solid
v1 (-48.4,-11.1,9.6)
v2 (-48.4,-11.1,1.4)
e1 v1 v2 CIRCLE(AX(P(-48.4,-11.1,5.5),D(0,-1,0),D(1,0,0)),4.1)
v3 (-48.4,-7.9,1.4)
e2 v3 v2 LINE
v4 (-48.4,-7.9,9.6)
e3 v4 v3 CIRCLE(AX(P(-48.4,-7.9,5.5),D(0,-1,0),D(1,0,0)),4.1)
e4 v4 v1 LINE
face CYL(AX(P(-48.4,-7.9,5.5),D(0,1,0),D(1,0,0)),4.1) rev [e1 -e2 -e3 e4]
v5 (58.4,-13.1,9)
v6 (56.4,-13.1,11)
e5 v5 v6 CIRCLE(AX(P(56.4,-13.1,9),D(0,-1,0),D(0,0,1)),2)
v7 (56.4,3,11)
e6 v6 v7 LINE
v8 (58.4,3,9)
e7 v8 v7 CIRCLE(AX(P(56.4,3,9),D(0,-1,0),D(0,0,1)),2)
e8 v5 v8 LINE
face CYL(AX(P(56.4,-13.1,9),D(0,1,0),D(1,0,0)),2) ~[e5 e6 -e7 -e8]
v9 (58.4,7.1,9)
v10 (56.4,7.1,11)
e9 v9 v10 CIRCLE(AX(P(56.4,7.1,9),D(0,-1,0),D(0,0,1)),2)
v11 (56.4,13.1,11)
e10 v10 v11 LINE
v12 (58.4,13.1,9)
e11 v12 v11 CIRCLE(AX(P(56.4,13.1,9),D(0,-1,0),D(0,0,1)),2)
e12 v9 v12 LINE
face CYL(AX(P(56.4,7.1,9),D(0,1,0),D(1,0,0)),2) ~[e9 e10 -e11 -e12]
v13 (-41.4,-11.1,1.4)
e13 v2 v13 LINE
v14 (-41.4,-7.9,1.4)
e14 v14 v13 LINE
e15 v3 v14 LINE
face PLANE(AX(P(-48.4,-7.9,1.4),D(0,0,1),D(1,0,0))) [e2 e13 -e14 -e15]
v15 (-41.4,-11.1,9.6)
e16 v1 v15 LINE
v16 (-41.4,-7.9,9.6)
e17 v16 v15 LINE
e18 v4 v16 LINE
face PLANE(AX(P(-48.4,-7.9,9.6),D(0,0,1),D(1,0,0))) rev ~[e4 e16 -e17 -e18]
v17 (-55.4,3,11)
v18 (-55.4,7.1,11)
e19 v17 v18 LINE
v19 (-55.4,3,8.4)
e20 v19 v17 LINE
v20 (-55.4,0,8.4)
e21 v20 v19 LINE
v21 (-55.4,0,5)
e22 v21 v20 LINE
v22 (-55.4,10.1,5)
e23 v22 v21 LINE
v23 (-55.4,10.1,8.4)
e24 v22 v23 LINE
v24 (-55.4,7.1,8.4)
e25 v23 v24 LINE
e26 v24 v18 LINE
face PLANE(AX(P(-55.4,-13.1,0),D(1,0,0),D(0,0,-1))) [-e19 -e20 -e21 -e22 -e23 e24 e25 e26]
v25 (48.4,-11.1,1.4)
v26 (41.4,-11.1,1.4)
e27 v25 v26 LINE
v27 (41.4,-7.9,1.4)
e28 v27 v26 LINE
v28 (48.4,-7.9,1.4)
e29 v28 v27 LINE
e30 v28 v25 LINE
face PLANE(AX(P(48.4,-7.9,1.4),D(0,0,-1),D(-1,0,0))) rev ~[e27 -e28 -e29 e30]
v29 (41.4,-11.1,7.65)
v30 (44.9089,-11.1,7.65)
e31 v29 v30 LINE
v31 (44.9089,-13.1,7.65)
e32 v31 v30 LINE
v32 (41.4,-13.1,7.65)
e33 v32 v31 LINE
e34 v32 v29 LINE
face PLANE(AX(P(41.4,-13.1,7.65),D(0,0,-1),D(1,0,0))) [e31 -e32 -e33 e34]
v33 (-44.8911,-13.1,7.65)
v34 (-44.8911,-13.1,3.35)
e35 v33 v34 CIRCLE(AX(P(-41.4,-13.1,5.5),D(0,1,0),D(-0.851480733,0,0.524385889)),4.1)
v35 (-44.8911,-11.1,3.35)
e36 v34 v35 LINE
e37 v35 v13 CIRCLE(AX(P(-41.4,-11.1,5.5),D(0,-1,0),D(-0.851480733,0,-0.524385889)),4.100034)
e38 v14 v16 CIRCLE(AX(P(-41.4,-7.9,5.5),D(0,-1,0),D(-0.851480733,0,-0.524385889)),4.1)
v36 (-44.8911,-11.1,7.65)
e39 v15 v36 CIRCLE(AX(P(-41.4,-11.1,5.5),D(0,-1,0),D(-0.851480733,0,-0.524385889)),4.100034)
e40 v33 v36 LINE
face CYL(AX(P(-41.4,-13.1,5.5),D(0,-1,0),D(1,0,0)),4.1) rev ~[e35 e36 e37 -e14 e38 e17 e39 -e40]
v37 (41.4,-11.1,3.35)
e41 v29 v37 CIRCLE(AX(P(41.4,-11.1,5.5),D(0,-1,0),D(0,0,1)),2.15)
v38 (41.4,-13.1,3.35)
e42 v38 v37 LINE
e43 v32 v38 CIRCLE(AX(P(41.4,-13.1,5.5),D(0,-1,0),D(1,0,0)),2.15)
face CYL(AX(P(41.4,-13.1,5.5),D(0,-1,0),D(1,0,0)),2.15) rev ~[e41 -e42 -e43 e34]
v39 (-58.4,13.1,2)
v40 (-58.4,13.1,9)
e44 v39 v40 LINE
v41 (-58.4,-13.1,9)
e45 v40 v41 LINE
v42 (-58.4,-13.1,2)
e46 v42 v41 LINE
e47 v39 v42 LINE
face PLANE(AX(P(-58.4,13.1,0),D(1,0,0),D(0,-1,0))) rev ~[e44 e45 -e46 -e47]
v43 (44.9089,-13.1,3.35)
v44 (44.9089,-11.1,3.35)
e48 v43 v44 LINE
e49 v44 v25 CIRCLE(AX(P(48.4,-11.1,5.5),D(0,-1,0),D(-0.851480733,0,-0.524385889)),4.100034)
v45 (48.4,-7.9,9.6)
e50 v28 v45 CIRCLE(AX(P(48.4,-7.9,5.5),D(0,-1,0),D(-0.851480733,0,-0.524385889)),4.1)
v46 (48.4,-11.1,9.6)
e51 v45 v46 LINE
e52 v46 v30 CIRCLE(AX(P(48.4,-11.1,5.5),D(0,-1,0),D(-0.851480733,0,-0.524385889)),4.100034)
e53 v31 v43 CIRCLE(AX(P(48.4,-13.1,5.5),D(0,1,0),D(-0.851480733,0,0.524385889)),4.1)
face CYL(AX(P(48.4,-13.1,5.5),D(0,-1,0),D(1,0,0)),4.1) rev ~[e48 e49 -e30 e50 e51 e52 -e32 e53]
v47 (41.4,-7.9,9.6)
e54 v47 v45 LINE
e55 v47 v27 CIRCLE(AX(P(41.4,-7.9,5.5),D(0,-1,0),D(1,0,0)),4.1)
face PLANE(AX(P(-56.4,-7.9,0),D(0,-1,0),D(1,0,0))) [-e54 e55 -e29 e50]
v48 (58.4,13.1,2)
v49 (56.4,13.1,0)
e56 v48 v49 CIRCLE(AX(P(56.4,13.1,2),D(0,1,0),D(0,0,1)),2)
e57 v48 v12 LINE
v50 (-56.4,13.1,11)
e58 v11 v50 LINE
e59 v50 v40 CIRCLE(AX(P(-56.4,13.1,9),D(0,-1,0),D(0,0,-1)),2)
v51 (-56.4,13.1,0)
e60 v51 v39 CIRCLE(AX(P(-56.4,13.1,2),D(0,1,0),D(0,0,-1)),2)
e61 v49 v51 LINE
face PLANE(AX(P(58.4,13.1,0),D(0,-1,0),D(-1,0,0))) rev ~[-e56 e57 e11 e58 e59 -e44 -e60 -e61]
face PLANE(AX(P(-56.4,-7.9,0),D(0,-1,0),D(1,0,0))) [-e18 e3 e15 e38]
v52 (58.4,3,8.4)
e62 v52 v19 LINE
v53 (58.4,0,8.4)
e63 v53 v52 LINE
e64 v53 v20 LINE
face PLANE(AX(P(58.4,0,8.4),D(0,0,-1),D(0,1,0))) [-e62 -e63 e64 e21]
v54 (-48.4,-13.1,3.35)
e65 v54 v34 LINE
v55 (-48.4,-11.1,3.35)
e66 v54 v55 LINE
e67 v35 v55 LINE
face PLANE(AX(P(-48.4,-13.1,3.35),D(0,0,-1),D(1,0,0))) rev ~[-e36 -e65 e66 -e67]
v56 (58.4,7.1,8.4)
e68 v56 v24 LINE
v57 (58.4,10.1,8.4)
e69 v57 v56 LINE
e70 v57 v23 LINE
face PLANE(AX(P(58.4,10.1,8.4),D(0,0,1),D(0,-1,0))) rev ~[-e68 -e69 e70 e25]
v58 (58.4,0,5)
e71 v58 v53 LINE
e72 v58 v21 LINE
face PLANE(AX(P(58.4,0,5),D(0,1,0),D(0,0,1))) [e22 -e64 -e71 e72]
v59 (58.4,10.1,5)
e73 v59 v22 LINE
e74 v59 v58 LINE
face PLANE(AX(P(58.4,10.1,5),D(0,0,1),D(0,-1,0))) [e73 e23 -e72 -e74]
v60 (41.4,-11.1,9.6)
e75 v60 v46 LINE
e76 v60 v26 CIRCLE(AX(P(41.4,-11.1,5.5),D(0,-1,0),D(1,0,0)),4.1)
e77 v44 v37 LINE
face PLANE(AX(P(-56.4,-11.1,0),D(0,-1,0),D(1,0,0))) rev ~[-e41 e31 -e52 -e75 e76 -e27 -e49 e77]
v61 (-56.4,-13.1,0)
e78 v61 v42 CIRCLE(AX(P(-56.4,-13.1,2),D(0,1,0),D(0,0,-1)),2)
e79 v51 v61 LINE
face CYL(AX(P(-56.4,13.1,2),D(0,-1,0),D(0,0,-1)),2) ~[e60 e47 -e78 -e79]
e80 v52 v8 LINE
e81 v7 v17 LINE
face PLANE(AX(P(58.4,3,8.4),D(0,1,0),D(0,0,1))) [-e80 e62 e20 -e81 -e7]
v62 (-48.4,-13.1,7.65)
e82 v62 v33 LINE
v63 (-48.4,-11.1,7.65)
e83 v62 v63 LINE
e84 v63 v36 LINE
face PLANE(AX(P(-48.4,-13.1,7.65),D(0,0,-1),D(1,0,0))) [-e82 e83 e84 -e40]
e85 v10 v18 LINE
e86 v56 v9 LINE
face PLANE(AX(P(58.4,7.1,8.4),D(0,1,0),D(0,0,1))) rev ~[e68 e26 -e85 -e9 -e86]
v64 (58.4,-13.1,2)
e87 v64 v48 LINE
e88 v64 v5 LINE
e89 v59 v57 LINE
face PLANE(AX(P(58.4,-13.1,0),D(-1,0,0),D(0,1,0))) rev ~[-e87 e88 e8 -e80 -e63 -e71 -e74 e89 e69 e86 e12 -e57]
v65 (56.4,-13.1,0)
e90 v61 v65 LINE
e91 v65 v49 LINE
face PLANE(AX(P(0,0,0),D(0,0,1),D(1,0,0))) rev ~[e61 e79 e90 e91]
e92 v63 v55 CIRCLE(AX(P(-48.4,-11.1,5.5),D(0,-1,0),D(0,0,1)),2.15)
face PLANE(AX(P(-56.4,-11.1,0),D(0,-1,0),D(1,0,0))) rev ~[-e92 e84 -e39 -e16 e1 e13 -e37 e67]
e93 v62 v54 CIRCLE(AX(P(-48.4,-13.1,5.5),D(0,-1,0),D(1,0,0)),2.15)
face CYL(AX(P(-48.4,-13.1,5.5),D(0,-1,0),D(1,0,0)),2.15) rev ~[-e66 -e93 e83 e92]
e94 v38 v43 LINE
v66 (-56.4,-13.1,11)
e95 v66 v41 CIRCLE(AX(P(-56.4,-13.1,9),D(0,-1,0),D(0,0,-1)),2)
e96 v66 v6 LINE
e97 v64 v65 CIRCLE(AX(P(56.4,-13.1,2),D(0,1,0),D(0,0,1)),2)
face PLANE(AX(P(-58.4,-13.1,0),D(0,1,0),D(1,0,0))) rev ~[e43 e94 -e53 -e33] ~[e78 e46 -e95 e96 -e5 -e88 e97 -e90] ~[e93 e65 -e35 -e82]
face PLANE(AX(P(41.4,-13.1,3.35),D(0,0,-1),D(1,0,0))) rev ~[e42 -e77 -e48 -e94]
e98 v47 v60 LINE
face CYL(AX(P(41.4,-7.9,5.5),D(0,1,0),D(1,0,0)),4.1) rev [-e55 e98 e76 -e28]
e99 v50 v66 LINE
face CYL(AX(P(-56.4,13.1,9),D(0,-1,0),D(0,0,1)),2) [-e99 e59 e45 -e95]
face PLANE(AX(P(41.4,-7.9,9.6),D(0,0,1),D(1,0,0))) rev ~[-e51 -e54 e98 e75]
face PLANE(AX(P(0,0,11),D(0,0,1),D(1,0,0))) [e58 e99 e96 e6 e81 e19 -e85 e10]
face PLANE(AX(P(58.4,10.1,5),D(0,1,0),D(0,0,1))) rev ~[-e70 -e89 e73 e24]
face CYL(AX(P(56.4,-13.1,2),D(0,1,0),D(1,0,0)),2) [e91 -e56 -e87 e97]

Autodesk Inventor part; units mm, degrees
ref_plane "YZ Plane" through (0, 0, 0) normal (1, 0, 0) x (0, 1, 0)
ref_plane "XZ Plane" through (0, 0, 0) normal (0, 1, 0) x (-1, 0, 0)
ref_plane "XY Plane" through (0, 0, 0) normal (0, 0, 1) x (1, 0, 0)
sketch "Sketch1" plane through (0, 0, 0) normal (0, 0, 1) x (1, 0, 0)
  line L0 (58.4, 13.1) -> (-58.4, 13.1)
  line L1 (-58.4, 13.1) -> (-58.4, -13.1)
  line L2 (-58.4, -13.1) -> (58.4, -13.1)
  line L3 (58.4, -13.1) -> (58.4, 13.1)
  line L4 (58.4, 13.1) -> (-58.4, -13.1) construction
  line L5 (-58.4, 13.1) -> (58.4, -13.1) construction
  point P0 (0, 0)
  dimension "d0" = 116.8
  dimension "d1" = 26.2
extrude "Extrusion1" add sketch "Sketch1" along normal blind 11
sketch "Sketch2" plane through (58.4, -13.1, 0) normal (1, 0, 0) x (0, 0, -1)
  line L0 (0, 0) -> (0, 26.2) projected
  line L1 (0, 26.2) -> (-11, 26.2) projected
  line L2 (-11, 0) -> (-11, 26.2) projected
  line L3 (0, 0) -> (-11, 0) projected
  line L4 (-11, 26.2) -> (-11, 0) projected
  line L5 (-11, 26.2) -> (-5, 26.2)
  line L6 (-5, 26.2) -> (-5, 23.2)
  line L7 (-5, 23.2) -> (-11, 23.2)
  line L8 (-11, 23.2) -> (-11, 26.2)
  line L9 (-11, 23.2) -> (-8.4, 23.2)
  line L10 (-8.4, 23.2) -> (-8.4, 20.2)
  line L11 (-8.4, 20.2) -> (-11, 20.2)
  line L12 (-11, 20.2) -> (-11, 23.2)
  line L13 (-11, 26.2) -> (-5, 26.2)
  line L14 (-5, 26.2) -> (-5, 10.1)
  line L15 (-5, 10.1) -> (-11, 10.1)
  line L16 (-11, 10.1) -> (-11, 26.2)
  line L17 (-11, 10.1) -> (-5, 10.1)
  line L18 (-5, 10.1) -> (-5, 13.1)
  line L19 (-5, 13.1) -> (-11, 13.1)
  line L20 (-11, 13.1) -> (-11, 10.1)
  line L21 (-11, 13.1) -> (-8.4, 13.1)
  line L22 (-8.4, 13.1) -> (-8.4, 16.1)
  line L23 (-8.4, 16.1) -> (-11, 16.1)
  line L24 (-11, 16.1) -> (-11, 13.1)
  point P0 (0, 13.1)
  point P1 (-11, 16.1)
  point P2 (-11, 20.2)
  dimension "d4" = 6
  dimension "d5" = 3
  dimension "d6" = 2.6
  dimension "d7" = 3
  dimension "d8" = 16.1
  dimension "d9" = 3
  dimension "d10" = 2.6
  dimension "d11" = 3
extrude "Extrusion2" cut sketch "Sketch2" against normal blind 113.8 contours L14 L19 L22 L23 L2 L11 L10 L7
fillet "Fillet1" radius 2 5 edges at (58.4, 10.1, 11) (58.4, -5.05, 11) (-58.4, 0, 11) (58.4, 0, 0) (-58.4, 0, 0)
sketch "Sketch4" plane through (-56.4, -13.1, 0) normal (0, -1, 0) x (1, 0, 0)
  arc A0 (-2, 2) -> (0, 0) centre (0, 2) ccw projected
  line L0 (0, 0) -> (112.8, 0) projected
  arc A1 (112.8, 0) -> (114.8, 2) centre (112.8, 2) ccw projected
  line L1 (114.8, 2) -> (114.8, 9) projected
  arc A2 (114.8, 9) -> (112.8, 11) centre (112.8, 9) ccw projected
  line L2 (0, 11) -> (112.8, 11) projected
  arc A3 (0, 11) -> (-2, 9) centre (0, 9) ccw projected
  line L3 (-2, 2) -> (-2, 9) projected
  circle A4 centre (104.8, 5.5) radius 4.1
  circle A5 centre (97.8, 5.5) radius 2.15
  line L4 (97.8, 7.65) -> (101.3089, 7.65)
  line L5 (97.8, 3.35) -> (101.3089, 3.35)
  circle A6 centre (15, 5.5) radius 4.1
  circle A7 centre (8, 5.5) radius 2.15
  line L6 (8, 3.35) -> (11.5089, 3.35)
  line L7 (8, 7.65) -> (11.5089, 7.65)
  point P0 (56.4, 0)
  point P1 (114.8, 5.5)
  point P2 (12.2407, 8.5325)
  point P3 (8.4381, 3.3951)
  point P4 (11.1965, 3.9692)
  point P5 (-2, 5.5)
  dimension "d19" = 8.2
  dimension "d20" = 4.3
  dimension "d21" = 7
  dimension "d22" = 0
  dimension "d23" = 10
  dimension "d24" = 8.2
  dimension "d25" = 4.3
  dimension "d26" = 7
  dimension "d27" = 10
  dimension "d28" = 0
  dimension "d40" = 0
extrude "Extrusion4" cut sketch "Sketch4" against normal blind 5.2 contours A4 | A4 L5 A5 L4 | A5 | A6 | A6 L6 A7 L7 | A7
sketch "Sketch5" plane through (-56.4, -13.1, 0) normal (0, -1, 0) x (1, 0, 0)
  arc A0 (8, 7.65) -> (8, 3.35) centre (8, 5.5) ccw projected
  arc A1 (11.5089, 3.35) -> (11.5089, 7.65) centre (15, 5.5) ccw projected
  arc A2 (97.8, 7.65) -> (97.8, 3.35) centre (97.8, 5.5) ccw projected
  line L0 (97.8, 7.65) -> (101.3089, 7.65) projected
  arc A3 (101.3089, 3.35) -> (101.3089, 7.65) centre (104.8, 5.5) ccw projected
  line L1 (101.3089, 3.35) -> (97.8, 3.35) projected
  arc A4 (-2, 2) -> (0, 0) centre (0, 2) ccw projected
  line L2 (0, 0) -> (112.8, 0) projected
  arc A5 (112.8, 0) -> (114.8, 2) centre (112.8, 2) ccw projected
  line L3 (114.8, 2) -> (114.8, 9) projected
  arc A6 (114.8, 9) -> (112.8, 11) centre (112.8, 9) ccw projected
  line L4 (0, 11) -> (112.8, 11) projected
  arc A7 (0, 11) -> (-2, 9) centre (0, 9) ccw projected
  line L5 (-2, 2) -> (-2, 9) projected
  circle A8 centre (8, 5.5) radius 4.1
  line L6 (8, 9.6) -> (15, 9.6)
  line L7 (8, 1.4) -> (15, 1.4)
  arc A9 (11.5089, 3.35) -> (11.5089, 7.65) centre (15, 5.5) ccw projected
  circle A10 centre (97.8, 5.5) radius 4.1
  line L8 (97.8, 9.6) -> (104.8, 9.6)
  line L9 (104.8, 1.4) -> (97.8, 1.4)
  line L10 (8, 7.65) -> (11.5089, 7.65) projected
  line L11 (11.5089, 3.35) -> (8, 3.35) projected
  arc A11 (8, 7.65) -> (8, 3.35) centre (8, 5.5) ccw projected
  point P0 (56.4, 0)
  point P1 (19.1, 5.5)
  point P2 (19.1, 5.5)
  point P3 (5.85, 5.5)
  point P4 (95.65, 5.5)
  point P5 (12.4867, 2.2607)
  point P6 (12.4867, 8.7393)
  point P7 (96.275, 2.2698)
  point P8 (96.275, 8.7302)
  point P9 (5.85, 5.5)
  point P10 (101.2911, 7.65)
  point P11 (101.2911, 3.35)
  point P12 (11.4911, 3.35)
  point P13 (11.4911, 7.65)
  dimension "d32" = 8.2
  dimension "d33" = 0
  dimension "d35" = 8.2
  dimension "d36" = 0
  dimension "d42" = 0
  dimension "d43" = 0
extrude "Extrusion5" cut sketch "Sketch5" along normal blind 3.2 from surface at -5.2 contours L10 A8 L11 A0 | A0 L11 A8 L10 | A8 L6 A1 L10 | L11 A1 L7 A8 | L0 A10 L1 A2 | A2 L1 A10 L0 | A10 L8 A3 L0 | L1 A3 L9 A10
properties part number "module-slot" material "PC/ABS Plastic"
